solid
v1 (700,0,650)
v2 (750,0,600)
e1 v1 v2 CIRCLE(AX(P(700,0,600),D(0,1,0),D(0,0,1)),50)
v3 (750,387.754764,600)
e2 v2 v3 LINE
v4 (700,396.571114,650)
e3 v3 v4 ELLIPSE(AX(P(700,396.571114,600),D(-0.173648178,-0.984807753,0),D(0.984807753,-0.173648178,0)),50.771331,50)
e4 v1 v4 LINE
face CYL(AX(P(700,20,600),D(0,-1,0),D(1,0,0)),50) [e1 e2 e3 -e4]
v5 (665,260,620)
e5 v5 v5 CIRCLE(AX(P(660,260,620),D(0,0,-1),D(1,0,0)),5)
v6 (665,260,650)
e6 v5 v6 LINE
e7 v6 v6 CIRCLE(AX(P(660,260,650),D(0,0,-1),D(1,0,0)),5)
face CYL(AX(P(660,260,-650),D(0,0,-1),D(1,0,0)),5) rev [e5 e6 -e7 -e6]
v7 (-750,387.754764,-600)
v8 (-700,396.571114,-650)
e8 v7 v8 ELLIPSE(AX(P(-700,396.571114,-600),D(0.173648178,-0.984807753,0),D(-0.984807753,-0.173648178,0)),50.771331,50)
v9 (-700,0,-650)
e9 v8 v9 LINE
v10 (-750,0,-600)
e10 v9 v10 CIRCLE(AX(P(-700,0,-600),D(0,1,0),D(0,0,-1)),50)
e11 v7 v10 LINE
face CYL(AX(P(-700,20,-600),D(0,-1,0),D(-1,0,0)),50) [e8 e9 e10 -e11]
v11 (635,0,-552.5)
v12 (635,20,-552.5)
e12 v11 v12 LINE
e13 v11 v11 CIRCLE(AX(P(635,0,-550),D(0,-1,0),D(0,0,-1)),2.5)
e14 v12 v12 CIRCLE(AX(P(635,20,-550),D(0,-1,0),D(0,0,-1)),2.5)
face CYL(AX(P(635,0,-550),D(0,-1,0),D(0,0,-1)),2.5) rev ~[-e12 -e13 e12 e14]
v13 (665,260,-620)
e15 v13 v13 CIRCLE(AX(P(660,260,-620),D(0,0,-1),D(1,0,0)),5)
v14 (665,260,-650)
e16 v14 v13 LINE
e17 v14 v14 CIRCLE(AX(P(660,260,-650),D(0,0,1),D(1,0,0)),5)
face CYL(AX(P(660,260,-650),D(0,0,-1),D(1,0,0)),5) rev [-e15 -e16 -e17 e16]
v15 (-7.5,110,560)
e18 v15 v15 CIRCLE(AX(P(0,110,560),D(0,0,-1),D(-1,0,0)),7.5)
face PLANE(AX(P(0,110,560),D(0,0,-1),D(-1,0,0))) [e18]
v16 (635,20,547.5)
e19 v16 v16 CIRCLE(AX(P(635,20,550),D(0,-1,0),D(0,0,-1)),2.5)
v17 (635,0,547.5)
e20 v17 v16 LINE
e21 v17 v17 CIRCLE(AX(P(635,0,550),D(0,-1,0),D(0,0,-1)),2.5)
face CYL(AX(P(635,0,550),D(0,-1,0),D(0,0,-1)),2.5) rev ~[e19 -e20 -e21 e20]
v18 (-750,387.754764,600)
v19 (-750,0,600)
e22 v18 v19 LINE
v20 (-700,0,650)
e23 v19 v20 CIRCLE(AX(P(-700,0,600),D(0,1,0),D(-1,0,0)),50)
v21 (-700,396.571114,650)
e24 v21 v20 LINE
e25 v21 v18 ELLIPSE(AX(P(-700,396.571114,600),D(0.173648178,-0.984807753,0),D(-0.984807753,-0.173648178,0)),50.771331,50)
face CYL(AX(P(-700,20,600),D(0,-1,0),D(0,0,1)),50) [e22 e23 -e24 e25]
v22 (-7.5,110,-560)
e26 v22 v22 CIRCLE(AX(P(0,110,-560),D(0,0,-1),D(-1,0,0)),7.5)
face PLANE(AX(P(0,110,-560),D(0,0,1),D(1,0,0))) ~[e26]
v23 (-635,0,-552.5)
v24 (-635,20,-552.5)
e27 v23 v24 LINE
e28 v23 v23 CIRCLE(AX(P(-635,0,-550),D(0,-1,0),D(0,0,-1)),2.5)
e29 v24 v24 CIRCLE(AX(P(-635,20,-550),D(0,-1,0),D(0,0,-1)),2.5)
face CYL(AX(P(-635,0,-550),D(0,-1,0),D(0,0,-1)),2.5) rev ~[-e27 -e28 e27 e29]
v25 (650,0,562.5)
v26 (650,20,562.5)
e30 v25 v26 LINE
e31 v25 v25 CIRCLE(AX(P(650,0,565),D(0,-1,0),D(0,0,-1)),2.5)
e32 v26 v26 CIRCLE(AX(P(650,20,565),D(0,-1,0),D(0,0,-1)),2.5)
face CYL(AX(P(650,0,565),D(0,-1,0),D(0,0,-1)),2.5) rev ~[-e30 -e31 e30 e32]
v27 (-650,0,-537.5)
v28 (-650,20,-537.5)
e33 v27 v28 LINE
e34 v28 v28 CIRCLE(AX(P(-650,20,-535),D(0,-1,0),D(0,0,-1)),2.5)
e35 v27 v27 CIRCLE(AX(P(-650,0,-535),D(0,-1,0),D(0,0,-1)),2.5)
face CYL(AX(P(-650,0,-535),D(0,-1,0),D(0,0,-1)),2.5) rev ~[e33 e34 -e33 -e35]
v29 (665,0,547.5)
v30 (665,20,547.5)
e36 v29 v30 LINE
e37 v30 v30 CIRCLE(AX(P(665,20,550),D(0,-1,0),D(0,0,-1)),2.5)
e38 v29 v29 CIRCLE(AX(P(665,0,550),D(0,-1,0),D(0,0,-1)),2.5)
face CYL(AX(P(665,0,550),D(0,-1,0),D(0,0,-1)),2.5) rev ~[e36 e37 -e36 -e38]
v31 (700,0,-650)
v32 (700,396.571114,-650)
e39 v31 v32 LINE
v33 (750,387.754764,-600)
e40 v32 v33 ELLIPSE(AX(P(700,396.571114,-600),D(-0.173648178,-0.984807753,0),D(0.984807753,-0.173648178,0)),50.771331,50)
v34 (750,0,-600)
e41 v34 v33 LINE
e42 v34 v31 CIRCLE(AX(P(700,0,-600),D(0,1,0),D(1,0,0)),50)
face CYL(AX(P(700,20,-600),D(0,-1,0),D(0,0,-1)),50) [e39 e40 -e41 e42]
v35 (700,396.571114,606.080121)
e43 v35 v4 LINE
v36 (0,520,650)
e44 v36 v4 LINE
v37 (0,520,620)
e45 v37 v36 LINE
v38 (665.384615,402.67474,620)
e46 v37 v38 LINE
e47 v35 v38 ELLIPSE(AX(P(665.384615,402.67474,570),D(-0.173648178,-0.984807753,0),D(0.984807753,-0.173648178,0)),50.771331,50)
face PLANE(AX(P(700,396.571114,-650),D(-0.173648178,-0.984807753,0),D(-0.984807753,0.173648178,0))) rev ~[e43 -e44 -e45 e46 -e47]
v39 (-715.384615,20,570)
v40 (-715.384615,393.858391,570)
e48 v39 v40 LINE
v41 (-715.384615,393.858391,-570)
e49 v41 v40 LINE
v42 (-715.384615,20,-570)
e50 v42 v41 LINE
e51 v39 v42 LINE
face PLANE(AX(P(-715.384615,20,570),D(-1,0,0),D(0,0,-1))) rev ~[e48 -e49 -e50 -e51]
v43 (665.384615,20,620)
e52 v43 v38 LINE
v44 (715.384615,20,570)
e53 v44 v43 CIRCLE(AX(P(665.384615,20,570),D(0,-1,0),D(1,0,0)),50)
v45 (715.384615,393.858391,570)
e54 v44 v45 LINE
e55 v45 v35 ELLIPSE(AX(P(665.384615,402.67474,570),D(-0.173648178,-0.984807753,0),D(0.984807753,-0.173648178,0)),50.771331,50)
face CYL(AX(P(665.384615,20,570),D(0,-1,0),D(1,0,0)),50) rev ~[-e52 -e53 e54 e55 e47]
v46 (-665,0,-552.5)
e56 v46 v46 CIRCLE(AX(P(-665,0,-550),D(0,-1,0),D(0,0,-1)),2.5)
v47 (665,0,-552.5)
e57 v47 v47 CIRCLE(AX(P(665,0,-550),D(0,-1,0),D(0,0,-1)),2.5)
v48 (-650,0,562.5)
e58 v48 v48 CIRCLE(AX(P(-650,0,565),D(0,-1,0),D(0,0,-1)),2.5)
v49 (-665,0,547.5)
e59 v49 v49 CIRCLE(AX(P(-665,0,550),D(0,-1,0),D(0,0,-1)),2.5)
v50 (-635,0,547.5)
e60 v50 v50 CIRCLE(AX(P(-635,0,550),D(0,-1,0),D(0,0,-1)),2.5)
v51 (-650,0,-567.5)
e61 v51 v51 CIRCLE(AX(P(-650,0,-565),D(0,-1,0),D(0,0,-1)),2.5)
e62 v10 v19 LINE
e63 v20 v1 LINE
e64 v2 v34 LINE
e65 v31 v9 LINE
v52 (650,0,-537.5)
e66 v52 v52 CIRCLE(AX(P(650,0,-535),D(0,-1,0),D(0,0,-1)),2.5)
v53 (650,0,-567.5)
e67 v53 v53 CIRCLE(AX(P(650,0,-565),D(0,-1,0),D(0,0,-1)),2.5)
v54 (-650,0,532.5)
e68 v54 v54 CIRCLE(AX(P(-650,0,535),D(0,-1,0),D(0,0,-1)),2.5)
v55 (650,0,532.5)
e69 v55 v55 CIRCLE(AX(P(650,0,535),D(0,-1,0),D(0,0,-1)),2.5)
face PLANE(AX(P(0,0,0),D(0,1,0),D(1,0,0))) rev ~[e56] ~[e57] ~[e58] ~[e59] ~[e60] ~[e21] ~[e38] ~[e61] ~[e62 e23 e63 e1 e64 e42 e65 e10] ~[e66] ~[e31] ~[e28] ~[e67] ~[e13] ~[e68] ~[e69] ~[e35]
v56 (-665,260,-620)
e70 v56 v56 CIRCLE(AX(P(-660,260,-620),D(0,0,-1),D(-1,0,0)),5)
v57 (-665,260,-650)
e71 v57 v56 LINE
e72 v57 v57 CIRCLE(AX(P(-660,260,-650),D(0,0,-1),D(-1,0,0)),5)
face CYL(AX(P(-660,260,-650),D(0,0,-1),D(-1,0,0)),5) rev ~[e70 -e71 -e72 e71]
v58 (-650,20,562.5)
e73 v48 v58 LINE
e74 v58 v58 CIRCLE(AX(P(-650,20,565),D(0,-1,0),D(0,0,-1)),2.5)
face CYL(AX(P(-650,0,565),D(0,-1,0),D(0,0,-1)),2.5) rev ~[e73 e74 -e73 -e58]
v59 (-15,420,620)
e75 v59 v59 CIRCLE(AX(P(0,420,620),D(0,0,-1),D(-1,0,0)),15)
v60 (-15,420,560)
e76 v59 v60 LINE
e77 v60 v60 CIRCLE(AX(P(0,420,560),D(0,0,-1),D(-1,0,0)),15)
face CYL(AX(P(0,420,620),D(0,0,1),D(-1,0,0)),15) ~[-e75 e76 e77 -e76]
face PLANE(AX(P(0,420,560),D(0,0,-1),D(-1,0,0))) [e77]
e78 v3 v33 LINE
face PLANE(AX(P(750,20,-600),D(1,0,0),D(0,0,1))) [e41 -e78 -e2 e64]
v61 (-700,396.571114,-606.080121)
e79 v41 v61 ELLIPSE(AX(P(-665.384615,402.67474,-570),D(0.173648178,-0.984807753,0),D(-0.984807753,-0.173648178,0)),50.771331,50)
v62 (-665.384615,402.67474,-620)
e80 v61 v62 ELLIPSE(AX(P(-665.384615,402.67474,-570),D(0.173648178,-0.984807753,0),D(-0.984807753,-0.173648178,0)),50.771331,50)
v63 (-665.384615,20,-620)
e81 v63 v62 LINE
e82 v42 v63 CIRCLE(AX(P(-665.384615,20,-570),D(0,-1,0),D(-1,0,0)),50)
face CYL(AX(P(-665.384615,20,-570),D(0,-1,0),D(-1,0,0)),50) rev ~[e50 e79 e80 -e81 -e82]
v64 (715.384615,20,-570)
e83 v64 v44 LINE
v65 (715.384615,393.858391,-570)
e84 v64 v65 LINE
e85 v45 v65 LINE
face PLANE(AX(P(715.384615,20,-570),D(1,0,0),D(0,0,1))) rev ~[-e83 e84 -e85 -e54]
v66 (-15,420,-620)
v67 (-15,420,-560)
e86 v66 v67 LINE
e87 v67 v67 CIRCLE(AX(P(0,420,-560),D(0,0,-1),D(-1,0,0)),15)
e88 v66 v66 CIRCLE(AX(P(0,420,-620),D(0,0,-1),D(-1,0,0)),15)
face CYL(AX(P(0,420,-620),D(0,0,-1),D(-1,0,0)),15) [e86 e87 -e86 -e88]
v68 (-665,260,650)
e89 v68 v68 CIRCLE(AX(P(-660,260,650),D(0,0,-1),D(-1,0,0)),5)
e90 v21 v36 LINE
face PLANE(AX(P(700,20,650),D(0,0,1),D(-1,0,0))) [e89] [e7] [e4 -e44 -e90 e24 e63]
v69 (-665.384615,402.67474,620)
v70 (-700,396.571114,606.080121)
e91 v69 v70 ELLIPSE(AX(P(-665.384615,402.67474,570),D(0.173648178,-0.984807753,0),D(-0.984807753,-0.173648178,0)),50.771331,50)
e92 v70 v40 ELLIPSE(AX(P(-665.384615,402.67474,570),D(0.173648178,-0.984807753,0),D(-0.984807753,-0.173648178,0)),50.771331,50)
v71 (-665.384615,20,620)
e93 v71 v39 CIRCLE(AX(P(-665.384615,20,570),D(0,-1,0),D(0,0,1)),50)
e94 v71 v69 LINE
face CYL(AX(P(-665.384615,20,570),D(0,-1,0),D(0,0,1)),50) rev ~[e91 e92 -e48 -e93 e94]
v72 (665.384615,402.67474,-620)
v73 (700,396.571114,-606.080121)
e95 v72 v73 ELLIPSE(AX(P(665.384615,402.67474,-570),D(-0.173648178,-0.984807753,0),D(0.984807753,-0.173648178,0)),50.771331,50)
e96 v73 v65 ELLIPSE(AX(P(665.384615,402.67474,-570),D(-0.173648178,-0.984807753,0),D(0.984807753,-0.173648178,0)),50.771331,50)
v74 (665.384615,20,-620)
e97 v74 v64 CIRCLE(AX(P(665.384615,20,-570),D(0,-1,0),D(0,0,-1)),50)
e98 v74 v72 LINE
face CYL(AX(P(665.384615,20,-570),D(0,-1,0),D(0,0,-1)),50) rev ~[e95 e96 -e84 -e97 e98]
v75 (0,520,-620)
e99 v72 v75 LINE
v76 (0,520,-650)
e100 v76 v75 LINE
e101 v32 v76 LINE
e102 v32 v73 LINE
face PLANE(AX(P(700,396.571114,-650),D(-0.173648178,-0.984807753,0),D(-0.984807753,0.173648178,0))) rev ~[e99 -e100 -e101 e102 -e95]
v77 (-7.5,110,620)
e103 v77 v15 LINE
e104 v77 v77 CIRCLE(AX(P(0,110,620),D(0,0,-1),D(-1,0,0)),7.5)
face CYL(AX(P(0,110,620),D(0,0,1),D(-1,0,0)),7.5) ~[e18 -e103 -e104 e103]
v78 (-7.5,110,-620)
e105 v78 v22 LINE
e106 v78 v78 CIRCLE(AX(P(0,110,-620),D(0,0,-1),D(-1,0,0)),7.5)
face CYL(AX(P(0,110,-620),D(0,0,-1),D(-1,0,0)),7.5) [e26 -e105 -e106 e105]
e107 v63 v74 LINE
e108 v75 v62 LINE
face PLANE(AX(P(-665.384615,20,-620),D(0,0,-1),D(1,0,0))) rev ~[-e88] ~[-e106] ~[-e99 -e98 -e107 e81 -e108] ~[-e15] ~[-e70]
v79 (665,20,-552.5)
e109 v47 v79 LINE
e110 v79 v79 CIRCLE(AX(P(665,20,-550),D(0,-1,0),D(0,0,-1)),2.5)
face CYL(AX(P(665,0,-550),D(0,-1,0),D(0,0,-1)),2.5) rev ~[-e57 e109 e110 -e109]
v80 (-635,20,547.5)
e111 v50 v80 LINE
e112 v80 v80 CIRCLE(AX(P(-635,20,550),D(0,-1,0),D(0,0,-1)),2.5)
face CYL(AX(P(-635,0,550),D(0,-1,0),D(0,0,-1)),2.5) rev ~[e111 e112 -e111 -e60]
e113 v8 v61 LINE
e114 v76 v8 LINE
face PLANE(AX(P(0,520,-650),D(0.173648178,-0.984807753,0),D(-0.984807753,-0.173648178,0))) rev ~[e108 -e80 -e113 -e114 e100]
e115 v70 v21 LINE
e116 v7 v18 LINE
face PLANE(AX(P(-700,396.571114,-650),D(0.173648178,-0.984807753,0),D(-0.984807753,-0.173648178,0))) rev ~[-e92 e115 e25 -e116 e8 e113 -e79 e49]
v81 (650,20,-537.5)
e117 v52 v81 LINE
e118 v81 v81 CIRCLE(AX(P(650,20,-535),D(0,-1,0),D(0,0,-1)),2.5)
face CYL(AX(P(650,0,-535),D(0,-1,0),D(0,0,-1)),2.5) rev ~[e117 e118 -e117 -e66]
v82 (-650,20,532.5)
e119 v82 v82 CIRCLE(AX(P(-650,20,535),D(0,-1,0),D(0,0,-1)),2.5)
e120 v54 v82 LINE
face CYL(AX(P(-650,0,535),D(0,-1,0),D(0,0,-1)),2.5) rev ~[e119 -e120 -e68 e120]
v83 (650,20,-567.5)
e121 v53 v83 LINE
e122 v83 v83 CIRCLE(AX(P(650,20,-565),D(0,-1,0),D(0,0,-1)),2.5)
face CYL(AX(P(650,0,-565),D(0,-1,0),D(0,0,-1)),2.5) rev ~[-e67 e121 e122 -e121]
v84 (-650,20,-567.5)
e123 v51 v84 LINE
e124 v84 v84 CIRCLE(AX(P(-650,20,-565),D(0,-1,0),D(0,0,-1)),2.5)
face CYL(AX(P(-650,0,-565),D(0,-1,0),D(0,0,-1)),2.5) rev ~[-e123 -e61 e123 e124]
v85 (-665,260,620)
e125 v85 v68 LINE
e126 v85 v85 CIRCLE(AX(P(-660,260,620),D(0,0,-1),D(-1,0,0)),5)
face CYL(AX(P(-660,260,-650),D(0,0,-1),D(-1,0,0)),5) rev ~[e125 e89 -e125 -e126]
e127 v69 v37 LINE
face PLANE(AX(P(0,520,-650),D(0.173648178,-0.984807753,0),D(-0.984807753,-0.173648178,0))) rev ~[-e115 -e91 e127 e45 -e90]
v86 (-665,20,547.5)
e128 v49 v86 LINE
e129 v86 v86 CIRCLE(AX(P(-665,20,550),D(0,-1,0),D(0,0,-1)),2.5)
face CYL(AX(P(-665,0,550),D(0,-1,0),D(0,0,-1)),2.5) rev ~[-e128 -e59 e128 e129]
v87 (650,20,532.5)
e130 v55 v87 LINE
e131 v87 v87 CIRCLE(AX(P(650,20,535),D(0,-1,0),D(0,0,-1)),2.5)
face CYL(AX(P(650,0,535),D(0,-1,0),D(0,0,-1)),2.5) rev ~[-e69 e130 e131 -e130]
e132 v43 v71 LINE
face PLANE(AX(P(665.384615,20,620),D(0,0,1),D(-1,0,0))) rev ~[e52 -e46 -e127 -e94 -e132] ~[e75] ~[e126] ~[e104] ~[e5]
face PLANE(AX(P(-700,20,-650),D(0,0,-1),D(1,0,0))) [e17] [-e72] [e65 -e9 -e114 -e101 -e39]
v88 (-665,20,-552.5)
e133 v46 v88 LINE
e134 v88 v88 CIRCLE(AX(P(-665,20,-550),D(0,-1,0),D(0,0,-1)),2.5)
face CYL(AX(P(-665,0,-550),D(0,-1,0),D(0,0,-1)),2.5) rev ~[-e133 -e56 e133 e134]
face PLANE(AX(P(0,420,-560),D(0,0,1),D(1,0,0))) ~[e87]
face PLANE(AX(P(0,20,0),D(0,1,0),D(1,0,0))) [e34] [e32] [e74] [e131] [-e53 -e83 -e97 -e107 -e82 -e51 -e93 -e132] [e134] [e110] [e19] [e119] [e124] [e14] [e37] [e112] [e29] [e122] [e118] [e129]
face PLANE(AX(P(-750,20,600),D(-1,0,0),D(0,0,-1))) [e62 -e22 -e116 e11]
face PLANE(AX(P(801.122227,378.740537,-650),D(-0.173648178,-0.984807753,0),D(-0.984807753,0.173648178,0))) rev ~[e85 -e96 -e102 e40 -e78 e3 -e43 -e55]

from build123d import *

# Parameters (mm, degrees)
EXTRUDE_1_DEPTH     = 20
EXTRUDE_2_DEPTH     = 500
SKETCH_3_R          = 2.5
CUT_EXTRUDE_1_DEPTH = 250
SKETCH_4_R          = 5
CUT_EXTRUDE_2_DEPTH = 1500
CUT_EXTRUDE_3_DEPTH = 1589.363938145
SKETCH_7_R          = 15
EXTRUDE_3_DEPTH     = 60
SKETCH_8_R          = 7.5
EXTRUDE_4_DEPTH     = 60


with BuildPart() as part:
    # Эскиз1 → Бобышка-Вытянуть1 (new body)
    with BuildSketch(Plane(origin=(0, 0, 0), x_dir=(1, 0, 0), z_dir=(0, 1, 0))):
        with BuildLine():
            Line((-700, -650), (700, -650))
            ThreePointArc((700, -650), (735.355339059, -635.355339059), (750, -600))
            Line((750, -600), (750, 600))
            ThreePointArc((750, 600), (735.355339059, 635.355339059), (700, 650))
            Line((700, 650), (-700, 650))
            ThreePointArc((-700, 650), (-735.355339059, 635.355339059), (-750, 600))
            Line((-750, 600), (-750, -600))
            ThreePointArc((-750, -600), (-735.355339059, -635.355339059), (-700, -650))
        make_face()
    extrude(amount=EXTRUDE_1_DEPTH)

    # Эскиз2 → Бобышка-Вытянуть2 (add)
    with BuildSketch(Plane(origin=(0, 20, 0), x_dir=(1, 0, 0), z_dir=(0, 1, 0))):
        with BuildLine():
            Line((700, -650), (-700, -650))
            ThreePointArc((-700, -650), (-735.355339059, -635.355339059), (-750, -600))
            Line((-750, -600), (-750, 600))
            ThreePointArc((-750, 600), (-735.355339059, 635.355339059), (-700, 650))
            Line((-700, 650), (700, 650))
            ThreePointArc((700, 650), (735.355339059, 635.355339059), (750, 600))
            Line((750, 600), (750, -600))
            ThreePointArc((750, -600), (735.355339059, -635.355339059), (700, -650))
        make_face()
        with BuildLine():
            Line((665.384615385, -620), (-665.384615385, -620))
            ThreePointArc((-665.384615385, -620), (-700.739954444, -605.355339059), (-715.384615385, -570))
            Line((-715.384615385, -570), (-715.384615385, 570))
            ThreePointArc((-715.384615385, 570), (-700.739954444, 605.355339059), (-665.384615385, 620))
            Line((-665.384615385, 620), (665.384615385, 620))
            ThreePointArc((665.384615385, 620), (700.739954444, 605.355339059), (715.384615385, 570))
            Line((715.384615385, 570), (715.384615385, -570))
            ThreePointArc((715.384615385, -570), (700.739954444, -605.355339059), (665.384615385, -620))
        make_face(mode=Mode.SUBTRACT)
    extrude(amount=EXTRUDE_2_DEPTH)

    # Эскиз3 → Вырез-Вытянуть1 (cut)
    with BuildSketch(Plane.XZ):
        with Locations(Location((-650, -565, 0), (0, 0, 270))):
            Circle(SKETCH_3_R)
        with Locations(Location((-650, 565, 0), (0, 0, 270))):
            Circle(SKETCH_3_R)
        with Locations(Location((-665, 550, 0), (0, 0, 270))):
            Circle(SKETCH_3_R)
        with Locations(Location((-635, 550, 0), (0, 0, 270))):
            Circle(SKETCH_3_R)
        with Locations(Location((-650, 535, 0), (0, 0, 270))):
            Circle(SKETCH_3_R)
        with Locations(Location((665, 550, 0), (0, 0, 270))):
            Circle(SKETCH_3_R)
        with Locations(Location((650, 565, 0), (0, 0, 270))):
            Circle(SKETCH_3_R)
        with Locations(Location((635, 550, 0), (0, 0, 270))):
            Circle(SKETCH_3_R)
        with Locations(Location((650, 535, 0), (0, 0, 270))):
            Circle(SKETCH_3_R)
        with Locations(Location((650, -535, 0), (0, 0, 270))):
            Circle(SKETCH_3_R)
        with Locations(Location((635, -550, 0), (0, 0, 270))):
            Circle(SKETCH_3_R)
        with Locations(Location((665, -550, 0), (0, 0, 270))):
            Circle(SKETCH_3_R)
        with Locations(Location((650, -565, 0), (0, 0, 270))):
            Circle(SKETCH_3_R)
        with Locations(Location((-650, -535, 0), (0, 0, 270))):
            Circle(SKETCH_3_R)
        with Locations(Location((-665, -550, 0), (0, 0, 270))):
            Circle(SKETCH_3_R)
        with Locations(Location((-635, -550, 0), (0, 0, 270))):
            Circle(SKETCH_3_R)
    extrude(amount=-CUT_EXTRUDE_1_DEPTH, mode=Mode.SUBTRACT)

    # Эскиз4 → Вырез-Вытянуть2 (cut)
    with BuildSketch(Plane(origin=(0, 0, -650), x_dir=(-1, 0, 0), z_dir=(0, 0, -1))):
        with Locations((660, 260)):
            Circle(SKETCH_4_R)
    cut_extrude_2 = extrude(amount=-CUT_EXTRUDE_2_DEPTH, mode=Mode.SUBTRACT)

    # Зеркальное отражение1: Вырез-Вытянуть2 across plane
    add(cut_extrude_2.mirror(Plane.ZY), mode=Mode.SUBTRACT)

    # Эскиз6 → Вырез-Вытянуть3 (cut, through all)
    with BuildSketch(Plane(origin=(0, 0, -650), x_dir=(-1, 0, 0), z_dir=(0, 0, -1))):
        Polygon((-700, 396.571113504), (-700, 520), (-801.122226931, 520), (-801.122226931, 378.740536547), align=None)
        Polygon((-700, 396.571113504), (0, 520), (-700, 520), align=None)
        Polygon((700, 520), (0, 520), (700, 396.571113504), align=None)
        Polygon((700, 520), (700, 396.571113504), (801.122226931, 378.740536547), (801.122226931, 520), align=None)
    extrude(amount=-CUT_EXTRUDE_3_DEPTH, mode=Mode.SUBTRACT)

    # Эскиз7 → Бобышка-Вытянуть3 (add)
    with BuildSketch(Plane(origin=(0, 0, 620), x_dir=(-1, 0, 0), z_dir=(0, 0, -1))):
        with Locations((0, 420)):
            Circle(SKETCH_7_R)
    extrude_3 = extrude(amount=EXTRUDE_3_DEPTH)

    # Зеркальное отражение2: Бобышка-Вытянуть3 across plane
    add(extrude_3.mirror(Plane(origin=(0, 0, 0), x_dir=(1, 0, 0), z_dir=(0, 0, -1))))

    # Эскиз8 → Бобышка-Вытянуть4 (add)
    with BuildSketch(Plane(origin=(0, 0, 620), x_dir=(-1, 0, 0), z_dir=(0, 0, -1))):
        with Locations((0, 110)):
            Circle(SKETCH_8_R)
    extrude_4 = extrude(amount=EXTRUDE_4_DEPTH)

    # Зеркальное отражение3: Бобышка-Вытянуть4 across plane
    add(extrude_4.mirror(Plane(origin=(0, 0, 0), x_dir=(1, 0, 0), z_dir=(0, 0, -1))))


solid = part.part
